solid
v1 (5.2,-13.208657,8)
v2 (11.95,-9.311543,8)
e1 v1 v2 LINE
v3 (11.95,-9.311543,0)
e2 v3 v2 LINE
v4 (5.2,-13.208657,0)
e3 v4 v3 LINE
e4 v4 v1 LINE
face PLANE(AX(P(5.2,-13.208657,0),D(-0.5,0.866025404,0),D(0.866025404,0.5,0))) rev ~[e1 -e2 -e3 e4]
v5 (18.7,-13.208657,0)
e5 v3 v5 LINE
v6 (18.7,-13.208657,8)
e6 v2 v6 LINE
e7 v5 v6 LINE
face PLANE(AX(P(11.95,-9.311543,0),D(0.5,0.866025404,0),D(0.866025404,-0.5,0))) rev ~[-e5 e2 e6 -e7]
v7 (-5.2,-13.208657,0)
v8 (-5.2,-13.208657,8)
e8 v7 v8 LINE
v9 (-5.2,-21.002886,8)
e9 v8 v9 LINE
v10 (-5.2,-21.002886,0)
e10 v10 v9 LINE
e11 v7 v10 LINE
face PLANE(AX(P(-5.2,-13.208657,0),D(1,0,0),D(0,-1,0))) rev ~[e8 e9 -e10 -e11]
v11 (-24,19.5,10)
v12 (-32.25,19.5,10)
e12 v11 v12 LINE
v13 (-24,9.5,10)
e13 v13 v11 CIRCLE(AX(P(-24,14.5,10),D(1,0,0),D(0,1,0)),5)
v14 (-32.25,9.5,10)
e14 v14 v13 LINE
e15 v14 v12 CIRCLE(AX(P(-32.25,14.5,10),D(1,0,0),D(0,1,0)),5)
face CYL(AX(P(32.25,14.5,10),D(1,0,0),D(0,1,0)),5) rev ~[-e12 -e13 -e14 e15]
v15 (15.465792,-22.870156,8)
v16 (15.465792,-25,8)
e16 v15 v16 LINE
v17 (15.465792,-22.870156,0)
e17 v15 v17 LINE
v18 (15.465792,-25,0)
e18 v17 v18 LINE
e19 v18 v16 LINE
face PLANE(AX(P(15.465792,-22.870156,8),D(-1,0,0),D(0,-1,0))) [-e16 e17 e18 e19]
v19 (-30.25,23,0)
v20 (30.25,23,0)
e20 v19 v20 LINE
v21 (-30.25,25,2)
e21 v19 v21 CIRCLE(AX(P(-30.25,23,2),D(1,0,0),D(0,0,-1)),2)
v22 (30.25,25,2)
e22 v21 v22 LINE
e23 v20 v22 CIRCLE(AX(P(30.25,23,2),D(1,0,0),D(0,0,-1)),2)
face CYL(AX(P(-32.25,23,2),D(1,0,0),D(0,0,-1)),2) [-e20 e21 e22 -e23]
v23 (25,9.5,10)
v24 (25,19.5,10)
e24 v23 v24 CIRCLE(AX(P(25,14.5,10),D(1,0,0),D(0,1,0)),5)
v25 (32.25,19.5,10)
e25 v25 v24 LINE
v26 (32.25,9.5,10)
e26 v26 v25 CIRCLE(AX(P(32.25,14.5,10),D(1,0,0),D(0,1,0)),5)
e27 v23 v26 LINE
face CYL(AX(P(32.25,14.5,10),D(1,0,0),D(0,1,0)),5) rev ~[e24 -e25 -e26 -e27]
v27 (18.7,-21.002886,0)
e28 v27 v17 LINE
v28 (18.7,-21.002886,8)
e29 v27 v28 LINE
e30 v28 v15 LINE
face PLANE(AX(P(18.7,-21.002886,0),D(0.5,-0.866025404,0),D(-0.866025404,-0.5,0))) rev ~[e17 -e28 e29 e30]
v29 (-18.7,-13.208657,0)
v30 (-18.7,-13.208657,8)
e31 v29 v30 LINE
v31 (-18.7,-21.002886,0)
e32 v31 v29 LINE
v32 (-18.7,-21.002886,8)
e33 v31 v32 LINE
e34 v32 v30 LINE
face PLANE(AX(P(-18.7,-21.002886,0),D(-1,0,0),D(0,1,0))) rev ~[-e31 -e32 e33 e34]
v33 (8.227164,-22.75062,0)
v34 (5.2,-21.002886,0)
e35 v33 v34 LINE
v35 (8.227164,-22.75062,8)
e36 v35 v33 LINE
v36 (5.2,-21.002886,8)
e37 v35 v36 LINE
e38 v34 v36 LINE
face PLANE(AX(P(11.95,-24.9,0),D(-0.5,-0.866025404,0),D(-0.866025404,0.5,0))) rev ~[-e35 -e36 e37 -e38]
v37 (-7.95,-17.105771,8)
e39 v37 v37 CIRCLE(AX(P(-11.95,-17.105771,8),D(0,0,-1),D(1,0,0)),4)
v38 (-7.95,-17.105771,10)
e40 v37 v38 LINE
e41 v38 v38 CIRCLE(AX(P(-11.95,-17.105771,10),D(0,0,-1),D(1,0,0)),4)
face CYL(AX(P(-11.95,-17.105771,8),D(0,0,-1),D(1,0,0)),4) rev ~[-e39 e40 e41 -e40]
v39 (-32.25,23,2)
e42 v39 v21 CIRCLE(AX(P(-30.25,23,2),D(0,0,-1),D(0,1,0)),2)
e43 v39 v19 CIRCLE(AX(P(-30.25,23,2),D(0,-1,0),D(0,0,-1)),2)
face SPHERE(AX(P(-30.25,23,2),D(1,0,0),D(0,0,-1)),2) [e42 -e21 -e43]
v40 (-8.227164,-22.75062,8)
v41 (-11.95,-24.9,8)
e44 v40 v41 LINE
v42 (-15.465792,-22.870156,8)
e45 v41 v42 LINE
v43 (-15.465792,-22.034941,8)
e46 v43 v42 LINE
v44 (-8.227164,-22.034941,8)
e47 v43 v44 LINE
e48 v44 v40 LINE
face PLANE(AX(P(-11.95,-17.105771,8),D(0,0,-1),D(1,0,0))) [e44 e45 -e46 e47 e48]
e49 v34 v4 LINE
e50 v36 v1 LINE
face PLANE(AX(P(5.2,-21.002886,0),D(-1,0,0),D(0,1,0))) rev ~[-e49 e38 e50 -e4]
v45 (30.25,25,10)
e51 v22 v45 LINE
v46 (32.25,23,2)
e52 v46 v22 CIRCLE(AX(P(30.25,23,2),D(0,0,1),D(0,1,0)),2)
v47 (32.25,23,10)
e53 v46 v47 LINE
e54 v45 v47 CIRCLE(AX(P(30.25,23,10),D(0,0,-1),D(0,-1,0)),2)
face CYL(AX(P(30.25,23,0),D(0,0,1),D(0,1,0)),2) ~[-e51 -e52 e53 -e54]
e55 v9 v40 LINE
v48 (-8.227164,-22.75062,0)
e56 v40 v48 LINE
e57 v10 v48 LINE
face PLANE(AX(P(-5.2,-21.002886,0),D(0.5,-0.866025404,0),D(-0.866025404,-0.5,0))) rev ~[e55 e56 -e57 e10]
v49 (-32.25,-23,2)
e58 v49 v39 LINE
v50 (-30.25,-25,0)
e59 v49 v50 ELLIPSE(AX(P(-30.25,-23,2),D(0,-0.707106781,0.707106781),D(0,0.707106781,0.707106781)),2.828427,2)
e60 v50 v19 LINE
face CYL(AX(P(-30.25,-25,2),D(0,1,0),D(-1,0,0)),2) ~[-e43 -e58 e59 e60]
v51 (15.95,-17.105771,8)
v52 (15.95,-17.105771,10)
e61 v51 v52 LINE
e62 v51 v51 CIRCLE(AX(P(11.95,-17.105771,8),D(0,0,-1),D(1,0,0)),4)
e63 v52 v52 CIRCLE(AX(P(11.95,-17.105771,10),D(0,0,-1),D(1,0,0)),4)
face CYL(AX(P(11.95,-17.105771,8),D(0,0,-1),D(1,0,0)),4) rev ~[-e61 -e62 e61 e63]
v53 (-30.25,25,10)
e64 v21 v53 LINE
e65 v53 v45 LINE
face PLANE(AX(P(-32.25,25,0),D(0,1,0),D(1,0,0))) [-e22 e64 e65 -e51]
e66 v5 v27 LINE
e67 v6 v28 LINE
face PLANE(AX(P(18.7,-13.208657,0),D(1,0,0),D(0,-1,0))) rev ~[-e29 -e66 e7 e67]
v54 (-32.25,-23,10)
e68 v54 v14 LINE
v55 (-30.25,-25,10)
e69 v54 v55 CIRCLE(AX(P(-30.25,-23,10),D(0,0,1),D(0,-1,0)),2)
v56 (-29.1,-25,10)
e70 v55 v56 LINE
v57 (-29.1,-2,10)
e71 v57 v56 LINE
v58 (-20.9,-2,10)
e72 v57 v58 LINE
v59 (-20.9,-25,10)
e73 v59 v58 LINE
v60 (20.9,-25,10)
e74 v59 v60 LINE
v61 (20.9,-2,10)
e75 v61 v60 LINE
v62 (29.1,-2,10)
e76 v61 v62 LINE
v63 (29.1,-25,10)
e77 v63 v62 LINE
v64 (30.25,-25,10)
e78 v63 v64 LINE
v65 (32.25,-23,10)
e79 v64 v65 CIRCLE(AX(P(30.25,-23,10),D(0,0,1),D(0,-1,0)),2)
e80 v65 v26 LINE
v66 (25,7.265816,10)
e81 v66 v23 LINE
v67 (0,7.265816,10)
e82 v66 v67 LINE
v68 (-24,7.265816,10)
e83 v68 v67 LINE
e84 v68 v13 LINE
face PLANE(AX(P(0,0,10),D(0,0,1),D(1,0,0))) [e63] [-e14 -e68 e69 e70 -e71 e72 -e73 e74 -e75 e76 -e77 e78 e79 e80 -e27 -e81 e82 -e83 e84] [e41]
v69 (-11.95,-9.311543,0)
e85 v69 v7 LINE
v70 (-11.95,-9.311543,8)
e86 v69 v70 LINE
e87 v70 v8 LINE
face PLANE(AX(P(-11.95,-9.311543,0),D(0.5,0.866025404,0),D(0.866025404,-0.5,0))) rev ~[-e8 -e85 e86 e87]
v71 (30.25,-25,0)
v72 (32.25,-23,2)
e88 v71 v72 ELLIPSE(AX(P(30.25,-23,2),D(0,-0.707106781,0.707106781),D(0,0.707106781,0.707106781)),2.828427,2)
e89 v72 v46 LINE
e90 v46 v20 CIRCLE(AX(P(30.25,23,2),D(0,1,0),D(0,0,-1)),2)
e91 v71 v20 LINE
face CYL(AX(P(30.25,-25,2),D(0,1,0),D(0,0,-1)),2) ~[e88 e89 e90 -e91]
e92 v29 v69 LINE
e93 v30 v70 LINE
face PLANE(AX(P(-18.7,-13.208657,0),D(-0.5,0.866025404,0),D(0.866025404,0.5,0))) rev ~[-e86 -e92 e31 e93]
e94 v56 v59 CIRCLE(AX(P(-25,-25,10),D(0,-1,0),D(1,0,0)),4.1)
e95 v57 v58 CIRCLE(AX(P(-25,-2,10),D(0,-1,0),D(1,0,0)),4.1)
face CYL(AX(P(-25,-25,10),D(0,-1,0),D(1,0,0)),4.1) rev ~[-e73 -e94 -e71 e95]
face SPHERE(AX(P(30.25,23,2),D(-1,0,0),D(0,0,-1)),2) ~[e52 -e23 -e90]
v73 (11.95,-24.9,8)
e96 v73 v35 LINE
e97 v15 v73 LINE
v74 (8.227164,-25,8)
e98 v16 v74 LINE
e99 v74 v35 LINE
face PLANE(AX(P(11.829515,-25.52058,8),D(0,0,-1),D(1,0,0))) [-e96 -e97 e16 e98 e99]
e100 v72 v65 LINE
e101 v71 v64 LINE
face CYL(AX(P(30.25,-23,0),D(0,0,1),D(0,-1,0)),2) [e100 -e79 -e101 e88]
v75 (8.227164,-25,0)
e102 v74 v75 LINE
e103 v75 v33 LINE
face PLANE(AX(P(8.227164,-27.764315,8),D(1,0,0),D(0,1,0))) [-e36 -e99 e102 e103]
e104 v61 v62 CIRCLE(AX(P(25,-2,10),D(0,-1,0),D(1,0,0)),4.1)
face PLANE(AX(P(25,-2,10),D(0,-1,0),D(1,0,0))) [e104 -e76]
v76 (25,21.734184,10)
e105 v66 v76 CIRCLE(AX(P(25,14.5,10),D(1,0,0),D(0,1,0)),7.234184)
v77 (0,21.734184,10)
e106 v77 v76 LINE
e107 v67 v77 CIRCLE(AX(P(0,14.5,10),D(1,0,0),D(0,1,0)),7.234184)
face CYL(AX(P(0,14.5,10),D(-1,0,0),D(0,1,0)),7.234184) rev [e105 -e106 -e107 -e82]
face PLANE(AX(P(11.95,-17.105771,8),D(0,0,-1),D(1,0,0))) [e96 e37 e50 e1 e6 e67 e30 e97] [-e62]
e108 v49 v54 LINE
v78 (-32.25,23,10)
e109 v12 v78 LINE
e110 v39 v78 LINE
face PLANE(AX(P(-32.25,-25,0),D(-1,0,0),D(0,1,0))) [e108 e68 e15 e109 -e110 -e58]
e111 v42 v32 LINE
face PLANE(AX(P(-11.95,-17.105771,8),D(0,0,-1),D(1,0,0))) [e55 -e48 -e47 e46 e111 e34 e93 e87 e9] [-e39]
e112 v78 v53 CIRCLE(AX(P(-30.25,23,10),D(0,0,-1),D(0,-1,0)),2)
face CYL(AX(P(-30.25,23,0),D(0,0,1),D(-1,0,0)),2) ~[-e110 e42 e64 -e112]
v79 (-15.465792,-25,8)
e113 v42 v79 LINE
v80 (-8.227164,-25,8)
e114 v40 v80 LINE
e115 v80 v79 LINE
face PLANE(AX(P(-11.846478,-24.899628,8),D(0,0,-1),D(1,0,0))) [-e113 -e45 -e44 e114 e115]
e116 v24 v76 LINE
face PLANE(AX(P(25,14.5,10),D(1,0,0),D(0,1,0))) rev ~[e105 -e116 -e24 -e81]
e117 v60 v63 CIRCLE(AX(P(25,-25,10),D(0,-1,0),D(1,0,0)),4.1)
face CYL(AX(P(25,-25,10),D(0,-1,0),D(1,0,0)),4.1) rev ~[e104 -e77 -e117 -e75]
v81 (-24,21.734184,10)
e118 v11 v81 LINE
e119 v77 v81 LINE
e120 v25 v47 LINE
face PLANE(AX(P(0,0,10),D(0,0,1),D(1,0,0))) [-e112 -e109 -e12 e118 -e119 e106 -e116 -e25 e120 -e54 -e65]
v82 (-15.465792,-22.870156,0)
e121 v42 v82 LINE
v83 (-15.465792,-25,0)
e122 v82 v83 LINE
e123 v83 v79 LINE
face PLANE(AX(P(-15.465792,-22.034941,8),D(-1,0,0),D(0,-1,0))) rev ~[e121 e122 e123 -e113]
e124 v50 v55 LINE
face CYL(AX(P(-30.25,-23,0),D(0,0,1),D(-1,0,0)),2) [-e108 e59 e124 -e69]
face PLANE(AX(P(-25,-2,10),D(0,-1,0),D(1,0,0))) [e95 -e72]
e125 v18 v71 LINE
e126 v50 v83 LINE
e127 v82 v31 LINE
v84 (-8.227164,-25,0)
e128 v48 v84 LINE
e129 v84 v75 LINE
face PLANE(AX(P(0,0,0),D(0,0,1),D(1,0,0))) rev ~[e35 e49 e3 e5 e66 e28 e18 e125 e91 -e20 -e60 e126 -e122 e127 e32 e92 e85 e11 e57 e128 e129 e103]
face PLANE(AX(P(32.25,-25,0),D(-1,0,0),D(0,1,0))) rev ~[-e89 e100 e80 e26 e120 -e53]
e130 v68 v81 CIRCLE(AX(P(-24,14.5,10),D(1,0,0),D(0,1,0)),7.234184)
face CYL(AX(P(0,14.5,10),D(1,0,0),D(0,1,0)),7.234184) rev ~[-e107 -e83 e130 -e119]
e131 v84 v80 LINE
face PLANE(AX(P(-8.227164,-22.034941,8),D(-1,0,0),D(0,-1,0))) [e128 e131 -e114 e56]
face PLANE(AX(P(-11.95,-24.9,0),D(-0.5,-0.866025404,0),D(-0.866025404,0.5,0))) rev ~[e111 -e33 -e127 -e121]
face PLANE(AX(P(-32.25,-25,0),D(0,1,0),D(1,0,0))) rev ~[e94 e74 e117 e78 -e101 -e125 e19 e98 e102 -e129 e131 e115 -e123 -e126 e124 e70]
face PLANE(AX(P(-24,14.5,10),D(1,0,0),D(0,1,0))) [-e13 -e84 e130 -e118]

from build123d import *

# Parameters (mm, degrees)
F0_W           = 64.5
F0_H           = 50
F1_DEPTH       = 10
F3_DEPTH       = 8
F4_R           = 4
F5_DEPTH       = 25
F6_R           = 4.1
F7_DEPTH       = 23
F8_R           = 5
F9_DEPTH       = 64.501
F10_R          = 7.234183596
F11_DEPTH      = 24
F11_DEPTH_BACK = 25
F12_R          = 2
F13_W          = 7.2386283427
F13_H          = 5.7293735445
F14_DEPTH      = 25


with BuildPart() as f1:
    # F0 (on Top) → F1 (new body)
    with BuildSketch(Plane.XY):
        Rectangle(F0_W, F0_H)
    extrude(amount=F1_DEPTH)

    # F2 (on face) → F3 (cut)
    with BuildSketch(Plane(origin=(0, 0, 0), x_dir=(1, 0, 0), z_dir=(0, 0, -1))):
        Polygon((-5.2, 13.2086570489), (-5.2, 21.002885683), (-11.95, 24.9), (-18.7, 21.002885683), (-18.7, 13.2086570489), (-11.95, 9.3115427319), align=None)
        Polygon((18.7, 21.002885683), (11.95, 24.9), (5.2, 21.002885683), (5.2, 13.2086570489), (11.95, 9.3115427319), (18.7, 13.2086570489), align=None)
    extrude(amount=-F3_DEPTH, mode=Mode.SUBTRACT)

    # F4 (on face) → F5 (cut)
    with BuildSketch(Plane(origin=(0, 0, 8), x_dir=(1, 0, 0), z_dir=(0, 0, -1))):
        with Locations((-11.95, 17.1057713659)):
            Circle(F4_R)
        with Locations((11.95, 17.1057713659)):
            Circle(F4_R)
    extrude(amount=-F5_DEPTH, mode=Mode.SUBTRACT)

    # F6 (on face) → F7 (cut)
    with BuildSketch(Plane.XZ.offset(25)):
        with Locations((25, 10)):
            Circle(F6_R)
        with Locations((-25, 10)):
            Circle(F6_R)
    extrude(amount=-F7_DEPTH, mode=Mode.SUBTRACT)

    # F8 (on face) → F9 (cut, through all)
    with BuildSketch(Plane.YZ.offset(32.25)):
        with Locations((14.5, 10)):
            Circle(F8_R)
    extrude(amount=-F9_DEPTH, mode=Mode.SUBTRACT)

    # F10 (on Right) → F11 (cut, two sides)
    with BuildSketch(Plane.YZ) as f11_sk:
        with Locations((14.5, 10)):
            Circle(F10_R)
    extrude(amount=-F11_DEPTH, mode=Mode.SUBTRACT)
    extrude(f11_sk.sketch, amount=F11_DEPTH_BACK, mode=Mode.SUBTRACT)

    # F12
    f12_edges = [f1.edges().sort_by_distance(p)[0] for p in [
        (0, 25, 0),
        (32.25, 0, 0),
        (-32.25, 0, 0),
        (32.25, 25, 5),
        (-32.25, 25, 5),
        (-32.25, -25, 5),
        (32.25, -25, 5),
    ]]
    fillet(f12_edges, radius=F12_R)

    # F13 (on face) → F14 (cut)
    with BuildSketch(Plane(origin=(0, 0, 8), x_dir=(1, 0, 0), z_dir=(0, 0, -1))):
        with Locations((-11.8464780971, 24.8996280134)):
            Rectangle(F13_W, F13_H)
        Polygon((15.4657922685, 27.7643147856), (8.2271639258, 27.7643147856), (8.2271639258, 22.7506195904), (11.95, 24.9), (15.4657922685, 22.8701563874), align=None)
    extrude(amount=F14_DEPTH, mode=Mode.SUBTRACT)


solid = f1.part
